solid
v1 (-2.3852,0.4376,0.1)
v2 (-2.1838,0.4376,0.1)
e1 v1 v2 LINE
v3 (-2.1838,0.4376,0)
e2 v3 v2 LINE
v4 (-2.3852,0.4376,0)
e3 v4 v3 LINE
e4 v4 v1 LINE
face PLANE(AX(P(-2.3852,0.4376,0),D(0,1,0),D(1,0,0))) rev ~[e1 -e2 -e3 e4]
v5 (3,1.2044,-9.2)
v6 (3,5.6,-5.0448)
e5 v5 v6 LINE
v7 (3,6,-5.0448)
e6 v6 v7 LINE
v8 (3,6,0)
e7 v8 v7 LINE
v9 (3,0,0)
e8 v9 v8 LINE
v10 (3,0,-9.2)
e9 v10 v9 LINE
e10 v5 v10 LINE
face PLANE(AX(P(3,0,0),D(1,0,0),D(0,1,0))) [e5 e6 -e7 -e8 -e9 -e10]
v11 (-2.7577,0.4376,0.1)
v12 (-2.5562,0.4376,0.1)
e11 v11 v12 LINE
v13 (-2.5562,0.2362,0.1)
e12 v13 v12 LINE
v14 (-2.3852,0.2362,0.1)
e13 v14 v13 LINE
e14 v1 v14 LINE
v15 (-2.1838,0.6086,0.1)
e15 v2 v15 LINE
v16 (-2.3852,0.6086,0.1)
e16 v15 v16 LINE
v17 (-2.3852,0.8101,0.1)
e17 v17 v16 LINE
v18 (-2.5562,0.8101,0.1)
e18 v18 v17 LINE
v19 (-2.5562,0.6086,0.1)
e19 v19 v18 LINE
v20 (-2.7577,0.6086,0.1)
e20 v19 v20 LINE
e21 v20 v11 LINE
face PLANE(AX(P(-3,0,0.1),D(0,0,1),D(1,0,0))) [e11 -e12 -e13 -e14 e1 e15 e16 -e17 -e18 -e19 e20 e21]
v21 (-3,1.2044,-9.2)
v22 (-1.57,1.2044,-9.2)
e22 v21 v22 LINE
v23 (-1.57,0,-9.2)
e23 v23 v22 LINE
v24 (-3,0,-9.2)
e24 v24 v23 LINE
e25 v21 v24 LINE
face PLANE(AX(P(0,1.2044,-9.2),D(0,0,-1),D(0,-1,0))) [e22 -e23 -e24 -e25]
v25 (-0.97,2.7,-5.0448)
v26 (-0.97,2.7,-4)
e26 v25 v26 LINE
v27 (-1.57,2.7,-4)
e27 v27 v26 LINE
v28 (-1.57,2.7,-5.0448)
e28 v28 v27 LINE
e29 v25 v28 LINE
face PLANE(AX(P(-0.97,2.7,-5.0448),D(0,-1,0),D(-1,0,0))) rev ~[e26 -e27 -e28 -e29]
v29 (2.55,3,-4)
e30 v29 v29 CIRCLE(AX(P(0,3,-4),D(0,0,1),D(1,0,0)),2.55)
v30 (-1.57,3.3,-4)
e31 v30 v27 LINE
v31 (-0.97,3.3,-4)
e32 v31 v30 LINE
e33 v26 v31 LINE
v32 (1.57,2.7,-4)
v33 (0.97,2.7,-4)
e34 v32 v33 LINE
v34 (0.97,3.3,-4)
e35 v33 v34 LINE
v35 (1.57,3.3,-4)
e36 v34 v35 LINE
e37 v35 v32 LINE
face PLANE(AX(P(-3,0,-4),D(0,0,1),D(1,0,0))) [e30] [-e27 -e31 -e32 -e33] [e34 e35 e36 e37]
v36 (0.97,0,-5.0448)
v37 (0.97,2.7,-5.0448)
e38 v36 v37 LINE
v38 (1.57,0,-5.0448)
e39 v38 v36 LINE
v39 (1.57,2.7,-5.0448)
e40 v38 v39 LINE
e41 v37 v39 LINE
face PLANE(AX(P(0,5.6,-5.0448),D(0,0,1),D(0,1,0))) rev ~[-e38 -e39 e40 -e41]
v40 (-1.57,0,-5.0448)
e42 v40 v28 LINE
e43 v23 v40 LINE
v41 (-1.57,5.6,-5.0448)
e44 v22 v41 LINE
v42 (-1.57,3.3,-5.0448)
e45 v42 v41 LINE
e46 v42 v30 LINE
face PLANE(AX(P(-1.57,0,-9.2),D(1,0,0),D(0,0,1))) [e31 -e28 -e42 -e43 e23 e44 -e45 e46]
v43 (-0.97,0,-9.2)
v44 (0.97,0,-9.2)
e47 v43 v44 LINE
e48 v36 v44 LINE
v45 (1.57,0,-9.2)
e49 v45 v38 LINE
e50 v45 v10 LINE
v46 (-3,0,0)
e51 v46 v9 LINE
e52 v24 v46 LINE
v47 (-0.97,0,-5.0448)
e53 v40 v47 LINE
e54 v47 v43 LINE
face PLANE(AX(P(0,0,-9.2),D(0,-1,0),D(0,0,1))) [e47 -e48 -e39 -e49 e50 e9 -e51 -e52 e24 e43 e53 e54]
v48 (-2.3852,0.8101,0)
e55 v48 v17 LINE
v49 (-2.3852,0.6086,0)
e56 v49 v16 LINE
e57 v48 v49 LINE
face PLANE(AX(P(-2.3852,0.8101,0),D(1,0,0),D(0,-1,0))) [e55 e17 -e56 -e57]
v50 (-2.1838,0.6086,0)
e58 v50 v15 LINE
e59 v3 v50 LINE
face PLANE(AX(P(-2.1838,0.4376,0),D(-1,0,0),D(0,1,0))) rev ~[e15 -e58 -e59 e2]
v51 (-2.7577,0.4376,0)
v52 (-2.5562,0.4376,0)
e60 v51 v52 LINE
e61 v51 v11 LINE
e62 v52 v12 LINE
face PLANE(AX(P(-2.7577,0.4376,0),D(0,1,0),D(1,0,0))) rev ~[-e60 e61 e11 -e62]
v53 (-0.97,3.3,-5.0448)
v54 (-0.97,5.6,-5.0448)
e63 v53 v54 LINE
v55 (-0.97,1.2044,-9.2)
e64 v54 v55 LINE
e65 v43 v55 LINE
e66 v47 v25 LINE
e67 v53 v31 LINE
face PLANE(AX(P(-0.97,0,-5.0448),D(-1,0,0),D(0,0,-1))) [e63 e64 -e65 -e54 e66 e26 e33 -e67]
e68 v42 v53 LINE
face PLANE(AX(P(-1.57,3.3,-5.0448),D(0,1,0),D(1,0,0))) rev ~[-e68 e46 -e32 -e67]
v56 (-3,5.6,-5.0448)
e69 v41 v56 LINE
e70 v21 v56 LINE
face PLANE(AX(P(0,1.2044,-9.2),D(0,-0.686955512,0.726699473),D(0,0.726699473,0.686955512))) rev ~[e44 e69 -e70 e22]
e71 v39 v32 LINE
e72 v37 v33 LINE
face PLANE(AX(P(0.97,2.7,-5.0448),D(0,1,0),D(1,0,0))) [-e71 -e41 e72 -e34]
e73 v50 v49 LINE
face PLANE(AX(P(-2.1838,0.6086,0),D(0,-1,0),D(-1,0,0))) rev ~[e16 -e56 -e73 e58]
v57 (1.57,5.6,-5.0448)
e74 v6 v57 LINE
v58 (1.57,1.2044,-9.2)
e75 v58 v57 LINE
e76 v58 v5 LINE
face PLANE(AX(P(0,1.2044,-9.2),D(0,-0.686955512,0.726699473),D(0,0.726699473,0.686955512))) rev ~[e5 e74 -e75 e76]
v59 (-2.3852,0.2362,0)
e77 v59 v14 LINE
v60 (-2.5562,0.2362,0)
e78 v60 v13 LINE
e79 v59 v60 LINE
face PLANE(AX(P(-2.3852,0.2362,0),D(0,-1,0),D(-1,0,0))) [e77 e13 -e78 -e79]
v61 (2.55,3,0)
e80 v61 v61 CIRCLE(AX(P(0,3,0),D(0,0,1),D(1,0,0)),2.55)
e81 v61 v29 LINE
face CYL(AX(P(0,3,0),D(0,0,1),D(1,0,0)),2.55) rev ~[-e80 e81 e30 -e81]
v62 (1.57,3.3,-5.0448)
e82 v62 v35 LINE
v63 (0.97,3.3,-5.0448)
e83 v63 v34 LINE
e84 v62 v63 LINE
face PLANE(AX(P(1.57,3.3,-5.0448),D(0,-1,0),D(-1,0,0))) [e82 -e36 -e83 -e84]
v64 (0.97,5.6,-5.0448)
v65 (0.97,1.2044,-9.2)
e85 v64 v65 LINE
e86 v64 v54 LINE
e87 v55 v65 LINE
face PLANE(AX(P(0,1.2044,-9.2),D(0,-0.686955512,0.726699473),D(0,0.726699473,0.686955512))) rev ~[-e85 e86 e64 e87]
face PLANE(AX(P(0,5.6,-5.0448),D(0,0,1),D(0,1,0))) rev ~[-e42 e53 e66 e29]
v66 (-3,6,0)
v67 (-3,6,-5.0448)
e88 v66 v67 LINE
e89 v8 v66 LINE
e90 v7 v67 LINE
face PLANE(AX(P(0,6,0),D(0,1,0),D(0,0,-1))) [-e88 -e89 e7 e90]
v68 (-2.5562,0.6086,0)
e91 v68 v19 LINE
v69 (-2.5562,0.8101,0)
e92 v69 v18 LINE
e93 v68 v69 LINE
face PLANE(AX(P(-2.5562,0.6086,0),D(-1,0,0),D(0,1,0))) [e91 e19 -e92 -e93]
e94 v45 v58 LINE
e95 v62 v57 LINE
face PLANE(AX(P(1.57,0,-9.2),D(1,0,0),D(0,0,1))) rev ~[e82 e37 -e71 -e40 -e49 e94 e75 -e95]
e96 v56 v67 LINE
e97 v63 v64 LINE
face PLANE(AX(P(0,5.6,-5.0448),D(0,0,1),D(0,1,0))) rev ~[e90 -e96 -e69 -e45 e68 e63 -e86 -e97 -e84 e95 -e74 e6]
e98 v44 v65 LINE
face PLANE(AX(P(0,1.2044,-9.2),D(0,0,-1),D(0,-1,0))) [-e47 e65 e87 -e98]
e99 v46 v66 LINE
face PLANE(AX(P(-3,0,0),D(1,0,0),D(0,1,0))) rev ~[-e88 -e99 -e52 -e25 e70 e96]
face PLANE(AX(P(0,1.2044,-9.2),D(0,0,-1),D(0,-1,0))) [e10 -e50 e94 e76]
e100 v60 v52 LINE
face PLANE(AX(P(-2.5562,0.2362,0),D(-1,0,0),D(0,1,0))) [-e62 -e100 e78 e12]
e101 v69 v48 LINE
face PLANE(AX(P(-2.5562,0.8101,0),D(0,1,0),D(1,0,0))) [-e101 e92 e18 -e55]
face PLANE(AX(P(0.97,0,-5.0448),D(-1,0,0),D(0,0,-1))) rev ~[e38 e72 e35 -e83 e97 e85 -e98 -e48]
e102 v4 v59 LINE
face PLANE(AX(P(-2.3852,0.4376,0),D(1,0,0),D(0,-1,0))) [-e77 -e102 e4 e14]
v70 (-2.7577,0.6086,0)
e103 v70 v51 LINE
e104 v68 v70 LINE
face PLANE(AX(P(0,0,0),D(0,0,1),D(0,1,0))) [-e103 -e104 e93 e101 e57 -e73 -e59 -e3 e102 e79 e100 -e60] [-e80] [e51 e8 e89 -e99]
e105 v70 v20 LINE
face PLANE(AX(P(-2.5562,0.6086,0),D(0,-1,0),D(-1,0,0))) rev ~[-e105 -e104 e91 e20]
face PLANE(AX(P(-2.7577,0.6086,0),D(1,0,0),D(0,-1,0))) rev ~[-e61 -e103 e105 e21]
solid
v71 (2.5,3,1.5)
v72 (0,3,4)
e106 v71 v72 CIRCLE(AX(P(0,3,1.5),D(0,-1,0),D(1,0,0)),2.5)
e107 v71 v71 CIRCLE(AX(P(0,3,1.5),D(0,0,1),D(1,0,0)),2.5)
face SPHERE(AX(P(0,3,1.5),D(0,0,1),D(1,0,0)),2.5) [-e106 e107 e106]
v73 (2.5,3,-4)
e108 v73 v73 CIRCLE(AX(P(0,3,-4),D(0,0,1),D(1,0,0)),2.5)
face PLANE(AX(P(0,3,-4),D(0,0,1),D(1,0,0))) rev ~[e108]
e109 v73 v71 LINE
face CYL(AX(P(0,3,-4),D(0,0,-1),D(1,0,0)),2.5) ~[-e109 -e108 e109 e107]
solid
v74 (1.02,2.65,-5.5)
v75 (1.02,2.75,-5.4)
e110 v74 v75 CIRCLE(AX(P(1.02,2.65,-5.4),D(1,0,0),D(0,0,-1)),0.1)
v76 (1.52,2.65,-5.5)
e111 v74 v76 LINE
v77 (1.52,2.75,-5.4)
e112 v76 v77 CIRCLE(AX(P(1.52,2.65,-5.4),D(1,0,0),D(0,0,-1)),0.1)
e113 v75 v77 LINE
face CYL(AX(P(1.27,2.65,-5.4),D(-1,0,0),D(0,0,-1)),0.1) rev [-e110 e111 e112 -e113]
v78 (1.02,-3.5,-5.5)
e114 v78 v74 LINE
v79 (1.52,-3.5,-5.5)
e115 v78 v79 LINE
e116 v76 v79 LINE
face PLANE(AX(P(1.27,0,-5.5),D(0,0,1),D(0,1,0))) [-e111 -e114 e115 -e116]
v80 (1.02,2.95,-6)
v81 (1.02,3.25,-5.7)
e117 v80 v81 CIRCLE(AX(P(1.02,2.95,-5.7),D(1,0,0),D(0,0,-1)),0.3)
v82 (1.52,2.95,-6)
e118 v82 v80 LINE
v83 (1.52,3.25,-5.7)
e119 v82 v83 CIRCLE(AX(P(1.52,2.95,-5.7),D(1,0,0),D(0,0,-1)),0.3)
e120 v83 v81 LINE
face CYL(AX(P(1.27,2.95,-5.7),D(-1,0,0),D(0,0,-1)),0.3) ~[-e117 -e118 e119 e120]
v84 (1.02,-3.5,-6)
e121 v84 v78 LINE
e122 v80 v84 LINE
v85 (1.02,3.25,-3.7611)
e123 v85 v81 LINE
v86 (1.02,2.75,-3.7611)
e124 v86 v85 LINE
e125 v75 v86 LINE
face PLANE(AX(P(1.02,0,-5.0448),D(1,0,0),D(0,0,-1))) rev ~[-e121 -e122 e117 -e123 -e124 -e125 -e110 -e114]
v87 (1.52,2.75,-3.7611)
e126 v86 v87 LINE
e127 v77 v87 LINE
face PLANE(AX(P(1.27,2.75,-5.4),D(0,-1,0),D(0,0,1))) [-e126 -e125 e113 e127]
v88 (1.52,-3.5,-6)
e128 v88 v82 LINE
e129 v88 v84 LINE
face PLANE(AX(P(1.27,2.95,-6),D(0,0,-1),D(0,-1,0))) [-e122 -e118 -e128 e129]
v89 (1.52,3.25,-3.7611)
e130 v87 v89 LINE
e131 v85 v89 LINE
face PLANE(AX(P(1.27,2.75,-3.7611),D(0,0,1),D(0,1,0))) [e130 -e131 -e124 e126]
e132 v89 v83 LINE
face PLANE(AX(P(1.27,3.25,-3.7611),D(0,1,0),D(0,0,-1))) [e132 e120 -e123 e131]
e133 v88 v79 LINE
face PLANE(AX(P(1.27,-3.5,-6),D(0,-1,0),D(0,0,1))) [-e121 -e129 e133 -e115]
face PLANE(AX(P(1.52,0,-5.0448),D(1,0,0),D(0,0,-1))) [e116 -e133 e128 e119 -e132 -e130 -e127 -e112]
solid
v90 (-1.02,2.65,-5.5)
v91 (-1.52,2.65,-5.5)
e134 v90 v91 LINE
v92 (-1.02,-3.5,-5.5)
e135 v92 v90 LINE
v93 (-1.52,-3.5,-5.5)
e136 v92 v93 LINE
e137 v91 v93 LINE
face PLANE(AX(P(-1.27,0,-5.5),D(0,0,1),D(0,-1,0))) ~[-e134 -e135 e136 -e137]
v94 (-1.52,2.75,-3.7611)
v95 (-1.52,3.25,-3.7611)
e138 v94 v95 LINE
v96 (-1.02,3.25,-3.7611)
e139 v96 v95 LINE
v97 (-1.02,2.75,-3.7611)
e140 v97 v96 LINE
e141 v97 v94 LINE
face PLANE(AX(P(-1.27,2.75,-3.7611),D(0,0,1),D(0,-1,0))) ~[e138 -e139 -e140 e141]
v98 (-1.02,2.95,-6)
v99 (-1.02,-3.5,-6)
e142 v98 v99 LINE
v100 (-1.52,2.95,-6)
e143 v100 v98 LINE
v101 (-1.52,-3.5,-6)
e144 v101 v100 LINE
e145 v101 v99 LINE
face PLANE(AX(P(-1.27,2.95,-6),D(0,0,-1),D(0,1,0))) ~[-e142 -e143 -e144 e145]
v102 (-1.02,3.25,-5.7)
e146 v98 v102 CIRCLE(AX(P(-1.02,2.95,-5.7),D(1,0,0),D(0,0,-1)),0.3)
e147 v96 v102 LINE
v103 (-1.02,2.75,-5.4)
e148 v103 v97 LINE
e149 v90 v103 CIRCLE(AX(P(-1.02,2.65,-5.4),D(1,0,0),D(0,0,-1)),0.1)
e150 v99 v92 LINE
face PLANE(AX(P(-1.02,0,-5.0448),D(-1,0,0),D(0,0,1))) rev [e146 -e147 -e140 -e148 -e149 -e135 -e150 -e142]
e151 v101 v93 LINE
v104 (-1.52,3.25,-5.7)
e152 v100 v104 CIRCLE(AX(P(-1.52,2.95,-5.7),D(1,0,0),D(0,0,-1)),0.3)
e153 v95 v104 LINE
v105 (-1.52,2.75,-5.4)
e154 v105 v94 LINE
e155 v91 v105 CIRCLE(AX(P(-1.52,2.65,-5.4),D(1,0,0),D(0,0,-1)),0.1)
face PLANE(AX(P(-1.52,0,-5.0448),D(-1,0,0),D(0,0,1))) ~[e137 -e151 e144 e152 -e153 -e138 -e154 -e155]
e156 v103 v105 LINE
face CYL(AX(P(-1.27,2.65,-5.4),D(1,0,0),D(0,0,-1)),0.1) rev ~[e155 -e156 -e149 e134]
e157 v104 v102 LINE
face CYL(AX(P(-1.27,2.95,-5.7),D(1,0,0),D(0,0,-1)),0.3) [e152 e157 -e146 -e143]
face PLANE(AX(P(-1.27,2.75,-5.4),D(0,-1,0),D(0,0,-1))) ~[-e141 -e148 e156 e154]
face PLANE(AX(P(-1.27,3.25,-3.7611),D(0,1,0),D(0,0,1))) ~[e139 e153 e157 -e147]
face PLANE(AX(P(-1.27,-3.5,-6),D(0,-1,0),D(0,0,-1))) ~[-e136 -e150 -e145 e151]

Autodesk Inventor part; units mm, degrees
ref_plane "YZ Plane" through (0, 0, 0) normal (1, 0, 0) x (0, 1, 0)
ref_plane "XZ Plane" through (0, 0, 0) normal (0, 1, 0) x (-1, 0, 0)
sketch "Эскиз1" plane through (0, 0, 0) normal (1, 0, 0) x (0, 1, 0)
  line L0 (0, 0) -> (6, 0)
  line L1 (6, 0) -> (6, -5.0448)
  line L2 (1.2044, -9.2) -> (0, -9.2)
  line L3 (0, -9.2) -> (0, 0)
  line L4 (1.2044, -9.2) -> (5.6, -5.0448)
  line L5 (5.6, -5.0448) -> (6, -5.0448)
  line L6 (11.4478, 9.2277) -> (11.4478, -15.7017) construction
  line L7 (11.4478, -15.7017) -> (-10.569, -15.7017) construction
  line L8 (-10.569, -15.7017) -> (-10.569, 9.2277) construction
  line L9 (-10.569, 9.2277) -> (11.4478, 9.2277) construction
  dimension "d2" = 0.4
  dimension "d39" = 6
  dimension "d40" = 9.2
extrude "Выдавливание1" add sketch "Эскиз1" along normal mid plane 6
sketch "Эскиз2" plane through (-3, 0, 0) normal (0, 0, 1) x (1, 0, 0)
  line L0 (6, 6) -> (6, 0) construction
  line L1 (0, 0) -> (6, 6) construction
  line L2 (0, 0) -> (6, 0) construction
  line L3 (6, 0) -> (0, 6) construction
  line L4 (6, 6) -> (0, 6) construction
  circle A0 centre (3, 3) radius 2.55
  point P0 (3, 0)
  dimension "d43" = 5.1
extrude "Выдавливание2" cut sketch "Эскиз2" against normal blind 4
sketch "Эскиз3" plane through (-3, 0, -9.2) normal (0, -1, 0) x (1, 0, 0)
  line L0 (6, 4.1552) -> (0, 4.1552) construction
  line L1 (6, 0) -> (0, 0) projected
  line L2 (4.57, 4.1552) -> (3.97, 4.1552)
  line L3 (3.97, 4.1552) -> (3.97, 0)
  line L4 (3.97, 0) -> (4.57, 0)
  line L5 (4.57, 0) -> (4.57, 4.1552)
  line L6 (6, 4.1552) -> (0, 4.1552) construction
  line L7 (3, 4.1552) -> (3, 0) construction
  line L8 (1.43, 4.1552) -> (2.03, 4.1552)
  line L9 (2.03, 4.1552) -> (2.03, 0)
  line L10 (2.03, 0) -> (1.43, 0)
  line L11 (1.43, 0) -> (1.43, 4.1552)
  point P0 (3, 9.2)
  point P1 (4.27, 0)
  point P2 (1.73, 0)
  dimension "d46" = 2.54
  dimension "d47" = 0.6
extrude "Выдавливание3" cut sketch "Эскиз3" against normal through all
sketch "Эскиз5" plane through (3, 6, -5.0448) normal (0, 0, -1) x (-1, 0, 0)
  line L0 (1.43, -4.7956) -> (1.43, -0.4) projected
  line L1 (2.03, -0.4) -> (2.03, -4.7956) projected
  line L2 (1.43, -2.7) -> (2.03, -2.7)
  line L3 (2.03, -2.7) -> (2.03, -3.3)
  line L4 (2.03, -3.3) -> (1.43, -3.3)
  line L5 (1.43, -3.3) -> (1.43, -2.7)
  line L6 (2.03, -6) -> (3.97, -6) construction
  line L7 (0, 0) -> (6, 0) construction
  line L8 (1.73, 0) -> (1.73, -6) construction
  line L9 (1.43, -3.3) -> (2.03, -2.7) construction
  line L10 (2.03, -6) -> (1.43, -6) construction
  line L11 (3, 0) -> (3, -6) construction
  line L12 (4.57, -2.7) -> (3.97, -2.7)
  line L13 (3.97, -2.7) -> (3.97, -3.3)
  line L14 (3.97, -3.3) -> (4.57, -3.3)
  line L15 (4.57, -3.3) -> (4.57, -2.7)
  line L16 (4.57, -3.3) -> (3.97, -2.7) construction
  point P0 (1.73, -3)
  point P1 (1.73, -3)
  point P2 (4.27, -3)
  point P3 (4.27, -3)
  dimension "d50" = 0.6
extrude "Выдавливание4" cut sketch "Эскиз5" against normal through all
sketch "Эскиз6" plane through (0, 3, -4) normal (0, 0, 1) x (1, 0, 0)
  circle A0 centre (0, 0) radius 2.5
  point P0 (0, -3)
  dimension "d53" = 5
extrude "Выдавливание5" add sketch "Эскиз6" along normal blind 8 separate body
fillet "Сопряжение1" radius 2.5 1 edges at (-2.5, 3, 4)
ref_plane "РабПлоскость1" through (1.27, 0, -5.0448) normal (1, 0, 0) x (0, 0, -1)
sketch "Эскиз8" plane through (1.27, 0, -5.0448) normal (1, 0, 0) x (0, 0, -1)
  line L0 (-1.2837, 3.25) -> (0.6552, 3.25)
  line L1 (0.9552, 2.95) -> (0.9552, -3.5)
  line L2 (0.9552, -3.5) -> (0.4552, -3.5)
  line L3 (0.4552, -3.5) -> (0.4552, 2.65)
  line L4 (0.3552, 2.75) -> (-1.2837, 2.75)
  line L5 (-1.2837, 2.75) -> (-1.2837, 3.25)
  line L6 (0, 3.3) -> (-1.0448, 3.3) projected
  line L7 (0, 0) -> (0, 2.7) projected
  line L8 (-5.0448, 0) -> (4.1552, 0) projected
  arc A0 (0.9552, 2.95) -> (0.6552, 3.25) centre (0.6552, 2.95) ccw
  arc A1 (0.4552, 2.65) -> (0.3552, 2.75) centre (0.3552, 2.65) ccw
  line L9 (-5.0448, 6) -> (-5.0448, 0) projected
  point P0 (0.7052, -3.5)
  dimension "d57" = 0.5
  dimension "d58" = 0.05
  dimension "d59" = 0.5
  dimension "d60" = 3.5
  dimension "d61" = 0.3
  dimension "d62" = 0.1
  dimension "d67" = 5.75
extrude "Выдавливание6" add sketch "Эскиз8" along normal mid plane 0.5 separate body
mirror "Зеркальное отражение1" about plane through (0, 0, 0) normal (1, 0, 0) of "Выдавливание6" bodies 3
sketch "Эскиз9" plane through (-3, 0, 0) normal (0, 0, 1) x (1, 0, 0)
  line L0 (0.4438, 0.8101) -> (0.6148, 0.8101)
  line L1 (0.6148, 0.8101) -> (0.6148, 0.2362)
  line L2 (0.6148, 0.2362) -> (0.4438, 0.2362)
  line L3 (0.4438, 0.2362) -> (0.4438, 0.8101)
  line L4 (0.4438, 0.8101) -> (0.6148, 0.2362) construction
  line L5 (0.6148, 0.8101) -> (0.4438, 0.2362) construction
  line L6 (0.2423, 0.4376) -> (0.8162, 0.4376)
  line L7 (0.8162, 0.4376) -> (0.8162, 0.6086)
  line L8 (0.8162, 0.6086) -> (0.2423, 0.6086)
  line L9 (0.2423, 0.6086) -> (0.2423, 0.4376)
  line L10 (0.2423, 0.4376) -> (0.8162, 0.6086) construction
  line L11 (0.8162, 0.4376) -> (0.2423, 0.6086) construction
  point P0 (3, 0)
  point P1 (0.5293, 0.5231)
extrude "Выдавливание7" add sketch "Эскиз9" along normal blind 0.1 bodies 1
properties part number "L-1503CB 1ID"
